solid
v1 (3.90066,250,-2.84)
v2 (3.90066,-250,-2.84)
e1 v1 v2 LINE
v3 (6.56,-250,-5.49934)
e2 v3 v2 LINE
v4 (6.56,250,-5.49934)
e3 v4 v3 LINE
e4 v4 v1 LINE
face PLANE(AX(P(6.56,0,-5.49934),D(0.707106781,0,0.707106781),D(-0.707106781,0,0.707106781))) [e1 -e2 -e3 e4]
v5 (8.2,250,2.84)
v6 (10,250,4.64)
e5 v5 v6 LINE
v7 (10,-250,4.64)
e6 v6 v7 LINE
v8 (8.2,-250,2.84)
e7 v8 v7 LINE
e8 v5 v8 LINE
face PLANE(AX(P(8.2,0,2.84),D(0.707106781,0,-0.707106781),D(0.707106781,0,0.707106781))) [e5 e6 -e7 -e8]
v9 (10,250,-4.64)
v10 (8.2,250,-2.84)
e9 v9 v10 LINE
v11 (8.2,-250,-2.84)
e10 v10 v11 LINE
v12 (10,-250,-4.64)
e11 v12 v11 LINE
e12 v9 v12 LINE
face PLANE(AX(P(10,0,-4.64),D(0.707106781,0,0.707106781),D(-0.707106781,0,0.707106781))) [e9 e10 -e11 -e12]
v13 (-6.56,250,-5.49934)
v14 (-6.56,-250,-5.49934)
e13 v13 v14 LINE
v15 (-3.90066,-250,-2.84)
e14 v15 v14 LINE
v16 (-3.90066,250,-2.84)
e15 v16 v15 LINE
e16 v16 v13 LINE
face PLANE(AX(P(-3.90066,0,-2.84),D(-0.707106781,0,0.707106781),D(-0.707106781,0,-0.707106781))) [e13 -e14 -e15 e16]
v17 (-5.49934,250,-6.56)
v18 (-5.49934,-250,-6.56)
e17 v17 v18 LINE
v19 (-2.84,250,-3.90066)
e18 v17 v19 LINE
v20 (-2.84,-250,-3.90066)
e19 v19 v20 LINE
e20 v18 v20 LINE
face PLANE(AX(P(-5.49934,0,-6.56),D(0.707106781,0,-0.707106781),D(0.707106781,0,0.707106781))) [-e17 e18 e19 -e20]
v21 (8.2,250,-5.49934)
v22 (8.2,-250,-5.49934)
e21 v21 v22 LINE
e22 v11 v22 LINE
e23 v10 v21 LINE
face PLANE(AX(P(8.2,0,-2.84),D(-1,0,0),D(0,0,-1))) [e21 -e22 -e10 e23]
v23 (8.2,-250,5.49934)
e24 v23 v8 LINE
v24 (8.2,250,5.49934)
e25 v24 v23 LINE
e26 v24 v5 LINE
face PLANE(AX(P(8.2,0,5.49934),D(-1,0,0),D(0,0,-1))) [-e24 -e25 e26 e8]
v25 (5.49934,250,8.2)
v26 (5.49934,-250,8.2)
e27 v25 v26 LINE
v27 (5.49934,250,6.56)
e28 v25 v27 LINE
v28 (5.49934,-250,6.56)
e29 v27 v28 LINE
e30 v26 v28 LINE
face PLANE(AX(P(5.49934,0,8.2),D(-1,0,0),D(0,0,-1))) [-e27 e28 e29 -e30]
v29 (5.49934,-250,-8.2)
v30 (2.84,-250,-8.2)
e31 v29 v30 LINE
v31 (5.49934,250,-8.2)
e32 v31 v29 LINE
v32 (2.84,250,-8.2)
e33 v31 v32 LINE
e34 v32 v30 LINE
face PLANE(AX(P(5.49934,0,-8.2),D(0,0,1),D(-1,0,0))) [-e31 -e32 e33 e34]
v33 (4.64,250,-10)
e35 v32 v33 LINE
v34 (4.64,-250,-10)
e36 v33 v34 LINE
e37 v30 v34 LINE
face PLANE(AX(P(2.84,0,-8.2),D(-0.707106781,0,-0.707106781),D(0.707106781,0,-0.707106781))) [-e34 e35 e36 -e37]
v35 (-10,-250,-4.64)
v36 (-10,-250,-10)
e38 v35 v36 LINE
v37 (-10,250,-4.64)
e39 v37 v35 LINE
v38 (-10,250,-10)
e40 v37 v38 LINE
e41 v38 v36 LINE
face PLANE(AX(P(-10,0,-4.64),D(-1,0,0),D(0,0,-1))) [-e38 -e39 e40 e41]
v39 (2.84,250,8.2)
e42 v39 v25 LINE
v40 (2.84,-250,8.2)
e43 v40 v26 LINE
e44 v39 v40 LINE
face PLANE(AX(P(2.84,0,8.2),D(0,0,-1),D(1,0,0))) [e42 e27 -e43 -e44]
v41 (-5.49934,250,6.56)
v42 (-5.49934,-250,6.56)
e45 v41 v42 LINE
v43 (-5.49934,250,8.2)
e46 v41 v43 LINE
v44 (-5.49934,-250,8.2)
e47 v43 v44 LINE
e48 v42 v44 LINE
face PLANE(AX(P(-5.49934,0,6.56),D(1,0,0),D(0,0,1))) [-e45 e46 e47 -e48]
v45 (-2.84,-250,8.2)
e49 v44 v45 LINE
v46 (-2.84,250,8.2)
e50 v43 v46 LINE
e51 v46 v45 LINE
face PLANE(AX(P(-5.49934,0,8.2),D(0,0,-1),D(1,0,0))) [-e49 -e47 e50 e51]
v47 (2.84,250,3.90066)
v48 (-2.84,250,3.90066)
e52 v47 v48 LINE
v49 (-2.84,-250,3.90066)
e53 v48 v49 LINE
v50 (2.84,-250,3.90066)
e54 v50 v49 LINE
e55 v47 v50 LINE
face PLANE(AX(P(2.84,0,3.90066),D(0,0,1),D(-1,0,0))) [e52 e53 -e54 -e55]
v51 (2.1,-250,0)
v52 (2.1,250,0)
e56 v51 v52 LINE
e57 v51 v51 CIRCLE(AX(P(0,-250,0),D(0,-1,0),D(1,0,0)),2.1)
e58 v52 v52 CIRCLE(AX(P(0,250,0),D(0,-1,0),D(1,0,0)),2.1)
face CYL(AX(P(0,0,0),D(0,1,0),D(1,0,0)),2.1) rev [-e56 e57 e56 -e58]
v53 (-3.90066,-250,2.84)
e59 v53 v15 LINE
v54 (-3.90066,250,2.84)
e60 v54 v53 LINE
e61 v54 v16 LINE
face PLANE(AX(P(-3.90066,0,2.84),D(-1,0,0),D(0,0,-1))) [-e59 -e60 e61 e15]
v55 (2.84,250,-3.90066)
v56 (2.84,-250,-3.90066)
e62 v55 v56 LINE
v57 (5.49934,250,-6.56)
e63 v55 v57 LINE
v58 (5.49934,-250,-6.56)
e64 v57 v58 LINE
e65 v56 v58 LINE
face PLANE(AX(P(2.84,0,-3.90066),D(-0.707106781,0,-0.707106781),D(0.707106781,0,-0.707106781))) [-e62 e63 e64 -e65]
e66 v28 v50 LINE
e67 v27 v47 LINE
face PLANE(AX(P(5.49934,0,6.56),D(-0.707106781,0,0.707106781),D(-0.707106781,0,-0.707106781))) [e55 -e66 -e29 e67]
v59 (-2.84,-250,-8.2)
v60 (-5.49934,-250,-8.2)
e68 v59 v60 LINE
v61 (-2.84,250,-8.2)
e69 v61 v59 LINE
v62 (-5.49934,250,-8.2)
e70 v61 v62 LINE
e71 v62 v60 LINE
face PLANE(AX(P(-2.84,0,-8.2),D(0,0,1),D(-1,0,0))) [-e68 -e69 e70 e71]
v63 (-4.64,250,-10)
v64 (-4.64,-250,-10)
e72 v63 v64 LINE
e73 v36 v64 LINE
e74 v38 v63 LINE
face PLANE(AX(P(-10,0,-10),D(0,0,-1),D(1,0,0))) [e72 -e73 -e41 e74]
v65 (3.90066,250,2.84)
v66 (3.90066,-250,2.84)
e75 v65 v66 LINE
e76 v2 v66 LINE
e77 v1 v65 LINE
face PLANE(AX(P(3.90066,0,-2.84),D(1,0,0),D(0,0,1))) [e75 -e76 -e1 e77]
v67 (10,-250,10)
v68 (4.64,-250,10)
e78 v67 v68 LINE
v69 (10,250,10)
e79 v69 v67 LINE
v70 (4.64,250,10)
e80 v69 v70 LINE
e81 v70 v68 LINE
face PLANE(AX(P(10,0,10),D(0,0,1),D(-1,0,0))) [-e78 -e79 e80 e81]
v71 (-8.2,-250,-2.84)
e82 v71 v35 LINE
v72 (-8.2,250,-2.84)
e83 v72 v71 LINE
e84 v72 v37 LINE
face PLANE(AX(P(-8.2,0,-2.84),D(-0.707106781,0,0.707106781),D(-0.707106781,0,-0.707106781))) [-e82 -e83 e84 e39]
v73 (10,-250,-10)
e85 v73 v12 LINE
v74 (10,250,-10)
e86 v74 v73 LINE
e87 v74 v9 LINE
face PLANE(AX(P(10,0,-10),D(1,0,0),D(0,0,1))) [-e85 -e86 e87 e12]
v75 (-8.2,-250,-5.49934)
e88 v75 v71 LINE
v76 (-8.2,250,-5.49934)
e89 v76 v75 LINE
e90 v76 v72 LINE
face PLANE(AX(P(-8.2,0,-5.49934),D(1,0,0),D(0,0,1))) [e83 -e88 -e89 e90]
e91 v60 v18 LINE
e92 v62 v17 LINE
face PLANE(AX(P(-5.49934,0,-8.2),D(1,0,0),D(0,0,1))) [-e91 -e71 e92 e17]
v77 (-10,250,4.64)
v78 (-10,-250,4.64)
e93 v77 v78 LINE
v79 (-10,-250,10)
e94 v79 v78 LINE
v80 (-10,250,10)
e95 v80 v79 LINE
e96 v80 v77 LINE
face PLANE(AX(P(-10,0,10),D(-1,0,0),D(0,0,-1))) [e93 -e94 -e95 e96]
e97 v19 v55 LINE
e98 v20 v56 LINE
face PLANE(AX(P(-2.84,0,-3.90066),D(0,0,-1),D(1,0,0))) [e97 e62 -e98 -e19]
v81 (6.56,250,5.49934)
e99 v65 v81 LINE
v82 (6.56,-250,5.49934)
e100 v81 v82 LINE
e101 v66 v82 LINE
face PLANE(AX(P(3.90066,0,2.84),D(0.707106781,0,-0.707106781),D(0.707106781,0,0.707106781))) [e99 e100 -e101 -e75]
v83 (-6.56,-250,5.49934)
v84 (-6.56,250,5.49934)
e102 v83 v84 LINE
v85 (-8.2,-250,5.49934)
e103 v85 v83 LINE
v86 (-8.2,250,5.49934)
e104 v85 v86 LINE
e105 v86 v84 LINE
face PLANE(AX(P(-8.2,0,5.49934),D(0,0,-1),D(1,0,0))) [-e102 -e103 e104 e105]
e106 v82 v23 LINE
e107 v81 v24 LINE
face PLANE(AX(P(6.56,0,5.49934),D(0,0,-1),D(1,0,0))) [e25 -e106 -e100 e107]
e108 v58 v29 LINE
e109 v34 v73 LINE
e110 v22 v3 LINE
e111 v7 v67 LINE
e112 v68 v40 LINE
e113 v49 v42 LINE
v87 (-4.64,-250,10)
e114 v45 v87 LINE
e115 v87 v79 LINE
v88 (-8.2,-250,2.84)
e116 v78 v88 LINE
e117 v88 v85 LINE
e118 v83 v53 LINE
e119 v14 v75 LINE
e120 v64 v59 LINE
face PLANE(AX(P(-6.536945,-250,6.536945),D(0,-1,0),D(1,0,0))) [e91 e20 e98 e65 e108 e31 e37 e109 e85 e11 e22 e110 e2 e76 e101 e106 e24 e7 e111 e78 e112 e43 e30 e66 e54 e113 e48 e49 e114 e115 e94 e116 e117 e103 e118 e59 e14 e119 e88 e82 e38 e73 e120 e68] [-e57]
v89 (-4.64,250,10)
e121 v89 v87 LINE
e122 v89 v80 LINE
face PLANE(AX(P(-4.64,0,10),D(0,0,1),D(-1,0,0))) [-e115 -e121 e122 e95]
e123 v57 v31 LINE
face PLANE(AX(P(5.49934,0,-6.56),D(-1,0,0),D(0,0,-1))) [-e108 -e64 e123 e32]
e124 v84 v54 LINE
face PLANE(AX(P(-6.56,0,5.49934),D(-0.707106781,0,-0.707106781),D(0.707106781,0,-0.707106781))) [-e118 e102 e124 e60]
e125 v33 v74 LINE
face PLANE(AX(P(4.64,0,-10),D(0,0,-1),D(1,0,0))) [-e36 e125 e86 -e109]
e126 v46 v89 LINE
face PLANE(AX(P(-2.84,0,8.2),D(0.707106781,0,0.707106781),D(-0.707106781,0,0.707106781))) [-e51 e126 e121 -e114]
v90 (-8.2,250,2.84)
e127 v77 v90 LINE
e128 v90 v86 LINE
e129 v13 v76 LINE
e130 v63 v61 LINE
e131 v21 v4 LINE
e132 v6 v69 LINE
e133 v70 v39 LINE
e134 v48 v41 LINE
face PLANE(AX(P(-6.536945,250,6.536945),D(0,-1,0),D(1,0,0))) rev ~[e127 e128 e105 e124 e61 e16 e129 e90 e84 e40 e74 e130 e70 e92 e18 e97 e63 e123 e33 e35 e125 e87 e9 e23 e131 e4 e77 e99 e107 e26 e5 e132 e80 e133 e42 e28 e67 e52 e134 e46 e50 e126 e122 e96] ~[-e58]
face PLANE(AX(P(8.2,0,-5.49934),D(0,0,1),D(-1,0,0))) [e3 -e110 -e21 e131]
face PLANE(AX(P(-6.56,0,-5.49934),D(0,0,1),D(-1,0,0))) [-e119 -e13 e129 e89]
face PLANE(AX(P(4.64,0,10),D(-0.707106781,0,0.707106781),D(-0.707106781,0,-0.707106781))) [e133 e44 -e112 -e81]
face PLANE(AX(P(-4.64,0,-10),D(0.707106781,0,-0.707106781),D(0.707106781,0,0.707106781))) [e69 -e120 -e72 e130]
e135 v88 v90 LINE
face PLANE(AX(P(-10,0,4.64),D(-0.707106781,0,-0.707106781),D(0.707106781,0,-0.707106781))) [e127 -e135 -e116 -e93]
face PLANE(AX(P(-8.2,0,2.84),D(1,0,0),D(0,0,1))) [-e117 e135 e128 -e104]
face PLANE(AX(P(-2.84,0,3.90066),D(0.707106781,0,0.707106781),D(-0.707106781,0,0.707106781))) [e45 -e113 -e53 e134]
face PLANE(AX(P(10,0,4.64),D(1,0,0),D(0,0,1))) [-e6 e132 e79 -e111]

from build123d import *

# Parameters (mm, degrees)
F0_R     = 2.1
F1_DEPTH = 250


with BuildPart() as f1:
    # F0 (on Front) → F1 (new body, symmetric)
    with BuildSketch(Plane.XZ):
        Polygon((-6.56, 5.49934), (-3.90066, 2.84), (-3.90066, 3.90066), (-2.84, 3.90066), (-5.49934, 6.56), (-5.49934, 8.2), (-2.84, 8.2), (-4.64, 10), (-10, 10), (-10, 4.64), (-8.2, 2.84), (-8.2, 5.49934), align=None)
        Polygon((-3.90066, -2.84), (-3.90066, -3.90066), (-2.84, -3.90066), (2.84, -3.90066), (3.90066, -3.90066), (3.90066, -2.84), (3.90066, 2.84), (3.90066, 3.90066), (2.84, 3.90066), (-2.84, 3.90066), (-3.90066, 3.90066), (-3.90066, 2.84), align=None)
        Circle(F0_R, mode=Mode.SUBTRACT)
        Polygon((-2.84, -3.90066), (-3.90066, -3.90066), (-3.90066, -2.84), (-6.56, -5.49934), (-8.2, -5.49934), (-8.2, -2.84), (-10, -4.64), (-10, -10), (-4.64, -10), (-2.84, -8.2), (-5.49934, -8.2), (-5.49934, -6.56), align=None)
        Polygon((3.90066, -3.90066), (2.84, -3.90066), (5.49934, -6.56), (5.49934, -8.2), (2.84, -8.2), (4.64, -10), (10, -10), (10, -4.64), (8.2, -2.84), (8.2, -5.49934), (6.56, -5.49934), (3.90066, -2.84), align=None)
        Polygon((3.90066, 3.90066), (3.90066, 2.84), (6.56, 5.49934), (8.2, 5.49934), (8.2, 2.84), (10, 4.64), (10, 10), (4.64, 10), (2.84, 8.2), (5.49934, 8.2), (5.49934, 6.56), (2.84, 3.90066), align=None)
    extrude(amount=F1_DEPTH, both=True)


solid = f1.part
